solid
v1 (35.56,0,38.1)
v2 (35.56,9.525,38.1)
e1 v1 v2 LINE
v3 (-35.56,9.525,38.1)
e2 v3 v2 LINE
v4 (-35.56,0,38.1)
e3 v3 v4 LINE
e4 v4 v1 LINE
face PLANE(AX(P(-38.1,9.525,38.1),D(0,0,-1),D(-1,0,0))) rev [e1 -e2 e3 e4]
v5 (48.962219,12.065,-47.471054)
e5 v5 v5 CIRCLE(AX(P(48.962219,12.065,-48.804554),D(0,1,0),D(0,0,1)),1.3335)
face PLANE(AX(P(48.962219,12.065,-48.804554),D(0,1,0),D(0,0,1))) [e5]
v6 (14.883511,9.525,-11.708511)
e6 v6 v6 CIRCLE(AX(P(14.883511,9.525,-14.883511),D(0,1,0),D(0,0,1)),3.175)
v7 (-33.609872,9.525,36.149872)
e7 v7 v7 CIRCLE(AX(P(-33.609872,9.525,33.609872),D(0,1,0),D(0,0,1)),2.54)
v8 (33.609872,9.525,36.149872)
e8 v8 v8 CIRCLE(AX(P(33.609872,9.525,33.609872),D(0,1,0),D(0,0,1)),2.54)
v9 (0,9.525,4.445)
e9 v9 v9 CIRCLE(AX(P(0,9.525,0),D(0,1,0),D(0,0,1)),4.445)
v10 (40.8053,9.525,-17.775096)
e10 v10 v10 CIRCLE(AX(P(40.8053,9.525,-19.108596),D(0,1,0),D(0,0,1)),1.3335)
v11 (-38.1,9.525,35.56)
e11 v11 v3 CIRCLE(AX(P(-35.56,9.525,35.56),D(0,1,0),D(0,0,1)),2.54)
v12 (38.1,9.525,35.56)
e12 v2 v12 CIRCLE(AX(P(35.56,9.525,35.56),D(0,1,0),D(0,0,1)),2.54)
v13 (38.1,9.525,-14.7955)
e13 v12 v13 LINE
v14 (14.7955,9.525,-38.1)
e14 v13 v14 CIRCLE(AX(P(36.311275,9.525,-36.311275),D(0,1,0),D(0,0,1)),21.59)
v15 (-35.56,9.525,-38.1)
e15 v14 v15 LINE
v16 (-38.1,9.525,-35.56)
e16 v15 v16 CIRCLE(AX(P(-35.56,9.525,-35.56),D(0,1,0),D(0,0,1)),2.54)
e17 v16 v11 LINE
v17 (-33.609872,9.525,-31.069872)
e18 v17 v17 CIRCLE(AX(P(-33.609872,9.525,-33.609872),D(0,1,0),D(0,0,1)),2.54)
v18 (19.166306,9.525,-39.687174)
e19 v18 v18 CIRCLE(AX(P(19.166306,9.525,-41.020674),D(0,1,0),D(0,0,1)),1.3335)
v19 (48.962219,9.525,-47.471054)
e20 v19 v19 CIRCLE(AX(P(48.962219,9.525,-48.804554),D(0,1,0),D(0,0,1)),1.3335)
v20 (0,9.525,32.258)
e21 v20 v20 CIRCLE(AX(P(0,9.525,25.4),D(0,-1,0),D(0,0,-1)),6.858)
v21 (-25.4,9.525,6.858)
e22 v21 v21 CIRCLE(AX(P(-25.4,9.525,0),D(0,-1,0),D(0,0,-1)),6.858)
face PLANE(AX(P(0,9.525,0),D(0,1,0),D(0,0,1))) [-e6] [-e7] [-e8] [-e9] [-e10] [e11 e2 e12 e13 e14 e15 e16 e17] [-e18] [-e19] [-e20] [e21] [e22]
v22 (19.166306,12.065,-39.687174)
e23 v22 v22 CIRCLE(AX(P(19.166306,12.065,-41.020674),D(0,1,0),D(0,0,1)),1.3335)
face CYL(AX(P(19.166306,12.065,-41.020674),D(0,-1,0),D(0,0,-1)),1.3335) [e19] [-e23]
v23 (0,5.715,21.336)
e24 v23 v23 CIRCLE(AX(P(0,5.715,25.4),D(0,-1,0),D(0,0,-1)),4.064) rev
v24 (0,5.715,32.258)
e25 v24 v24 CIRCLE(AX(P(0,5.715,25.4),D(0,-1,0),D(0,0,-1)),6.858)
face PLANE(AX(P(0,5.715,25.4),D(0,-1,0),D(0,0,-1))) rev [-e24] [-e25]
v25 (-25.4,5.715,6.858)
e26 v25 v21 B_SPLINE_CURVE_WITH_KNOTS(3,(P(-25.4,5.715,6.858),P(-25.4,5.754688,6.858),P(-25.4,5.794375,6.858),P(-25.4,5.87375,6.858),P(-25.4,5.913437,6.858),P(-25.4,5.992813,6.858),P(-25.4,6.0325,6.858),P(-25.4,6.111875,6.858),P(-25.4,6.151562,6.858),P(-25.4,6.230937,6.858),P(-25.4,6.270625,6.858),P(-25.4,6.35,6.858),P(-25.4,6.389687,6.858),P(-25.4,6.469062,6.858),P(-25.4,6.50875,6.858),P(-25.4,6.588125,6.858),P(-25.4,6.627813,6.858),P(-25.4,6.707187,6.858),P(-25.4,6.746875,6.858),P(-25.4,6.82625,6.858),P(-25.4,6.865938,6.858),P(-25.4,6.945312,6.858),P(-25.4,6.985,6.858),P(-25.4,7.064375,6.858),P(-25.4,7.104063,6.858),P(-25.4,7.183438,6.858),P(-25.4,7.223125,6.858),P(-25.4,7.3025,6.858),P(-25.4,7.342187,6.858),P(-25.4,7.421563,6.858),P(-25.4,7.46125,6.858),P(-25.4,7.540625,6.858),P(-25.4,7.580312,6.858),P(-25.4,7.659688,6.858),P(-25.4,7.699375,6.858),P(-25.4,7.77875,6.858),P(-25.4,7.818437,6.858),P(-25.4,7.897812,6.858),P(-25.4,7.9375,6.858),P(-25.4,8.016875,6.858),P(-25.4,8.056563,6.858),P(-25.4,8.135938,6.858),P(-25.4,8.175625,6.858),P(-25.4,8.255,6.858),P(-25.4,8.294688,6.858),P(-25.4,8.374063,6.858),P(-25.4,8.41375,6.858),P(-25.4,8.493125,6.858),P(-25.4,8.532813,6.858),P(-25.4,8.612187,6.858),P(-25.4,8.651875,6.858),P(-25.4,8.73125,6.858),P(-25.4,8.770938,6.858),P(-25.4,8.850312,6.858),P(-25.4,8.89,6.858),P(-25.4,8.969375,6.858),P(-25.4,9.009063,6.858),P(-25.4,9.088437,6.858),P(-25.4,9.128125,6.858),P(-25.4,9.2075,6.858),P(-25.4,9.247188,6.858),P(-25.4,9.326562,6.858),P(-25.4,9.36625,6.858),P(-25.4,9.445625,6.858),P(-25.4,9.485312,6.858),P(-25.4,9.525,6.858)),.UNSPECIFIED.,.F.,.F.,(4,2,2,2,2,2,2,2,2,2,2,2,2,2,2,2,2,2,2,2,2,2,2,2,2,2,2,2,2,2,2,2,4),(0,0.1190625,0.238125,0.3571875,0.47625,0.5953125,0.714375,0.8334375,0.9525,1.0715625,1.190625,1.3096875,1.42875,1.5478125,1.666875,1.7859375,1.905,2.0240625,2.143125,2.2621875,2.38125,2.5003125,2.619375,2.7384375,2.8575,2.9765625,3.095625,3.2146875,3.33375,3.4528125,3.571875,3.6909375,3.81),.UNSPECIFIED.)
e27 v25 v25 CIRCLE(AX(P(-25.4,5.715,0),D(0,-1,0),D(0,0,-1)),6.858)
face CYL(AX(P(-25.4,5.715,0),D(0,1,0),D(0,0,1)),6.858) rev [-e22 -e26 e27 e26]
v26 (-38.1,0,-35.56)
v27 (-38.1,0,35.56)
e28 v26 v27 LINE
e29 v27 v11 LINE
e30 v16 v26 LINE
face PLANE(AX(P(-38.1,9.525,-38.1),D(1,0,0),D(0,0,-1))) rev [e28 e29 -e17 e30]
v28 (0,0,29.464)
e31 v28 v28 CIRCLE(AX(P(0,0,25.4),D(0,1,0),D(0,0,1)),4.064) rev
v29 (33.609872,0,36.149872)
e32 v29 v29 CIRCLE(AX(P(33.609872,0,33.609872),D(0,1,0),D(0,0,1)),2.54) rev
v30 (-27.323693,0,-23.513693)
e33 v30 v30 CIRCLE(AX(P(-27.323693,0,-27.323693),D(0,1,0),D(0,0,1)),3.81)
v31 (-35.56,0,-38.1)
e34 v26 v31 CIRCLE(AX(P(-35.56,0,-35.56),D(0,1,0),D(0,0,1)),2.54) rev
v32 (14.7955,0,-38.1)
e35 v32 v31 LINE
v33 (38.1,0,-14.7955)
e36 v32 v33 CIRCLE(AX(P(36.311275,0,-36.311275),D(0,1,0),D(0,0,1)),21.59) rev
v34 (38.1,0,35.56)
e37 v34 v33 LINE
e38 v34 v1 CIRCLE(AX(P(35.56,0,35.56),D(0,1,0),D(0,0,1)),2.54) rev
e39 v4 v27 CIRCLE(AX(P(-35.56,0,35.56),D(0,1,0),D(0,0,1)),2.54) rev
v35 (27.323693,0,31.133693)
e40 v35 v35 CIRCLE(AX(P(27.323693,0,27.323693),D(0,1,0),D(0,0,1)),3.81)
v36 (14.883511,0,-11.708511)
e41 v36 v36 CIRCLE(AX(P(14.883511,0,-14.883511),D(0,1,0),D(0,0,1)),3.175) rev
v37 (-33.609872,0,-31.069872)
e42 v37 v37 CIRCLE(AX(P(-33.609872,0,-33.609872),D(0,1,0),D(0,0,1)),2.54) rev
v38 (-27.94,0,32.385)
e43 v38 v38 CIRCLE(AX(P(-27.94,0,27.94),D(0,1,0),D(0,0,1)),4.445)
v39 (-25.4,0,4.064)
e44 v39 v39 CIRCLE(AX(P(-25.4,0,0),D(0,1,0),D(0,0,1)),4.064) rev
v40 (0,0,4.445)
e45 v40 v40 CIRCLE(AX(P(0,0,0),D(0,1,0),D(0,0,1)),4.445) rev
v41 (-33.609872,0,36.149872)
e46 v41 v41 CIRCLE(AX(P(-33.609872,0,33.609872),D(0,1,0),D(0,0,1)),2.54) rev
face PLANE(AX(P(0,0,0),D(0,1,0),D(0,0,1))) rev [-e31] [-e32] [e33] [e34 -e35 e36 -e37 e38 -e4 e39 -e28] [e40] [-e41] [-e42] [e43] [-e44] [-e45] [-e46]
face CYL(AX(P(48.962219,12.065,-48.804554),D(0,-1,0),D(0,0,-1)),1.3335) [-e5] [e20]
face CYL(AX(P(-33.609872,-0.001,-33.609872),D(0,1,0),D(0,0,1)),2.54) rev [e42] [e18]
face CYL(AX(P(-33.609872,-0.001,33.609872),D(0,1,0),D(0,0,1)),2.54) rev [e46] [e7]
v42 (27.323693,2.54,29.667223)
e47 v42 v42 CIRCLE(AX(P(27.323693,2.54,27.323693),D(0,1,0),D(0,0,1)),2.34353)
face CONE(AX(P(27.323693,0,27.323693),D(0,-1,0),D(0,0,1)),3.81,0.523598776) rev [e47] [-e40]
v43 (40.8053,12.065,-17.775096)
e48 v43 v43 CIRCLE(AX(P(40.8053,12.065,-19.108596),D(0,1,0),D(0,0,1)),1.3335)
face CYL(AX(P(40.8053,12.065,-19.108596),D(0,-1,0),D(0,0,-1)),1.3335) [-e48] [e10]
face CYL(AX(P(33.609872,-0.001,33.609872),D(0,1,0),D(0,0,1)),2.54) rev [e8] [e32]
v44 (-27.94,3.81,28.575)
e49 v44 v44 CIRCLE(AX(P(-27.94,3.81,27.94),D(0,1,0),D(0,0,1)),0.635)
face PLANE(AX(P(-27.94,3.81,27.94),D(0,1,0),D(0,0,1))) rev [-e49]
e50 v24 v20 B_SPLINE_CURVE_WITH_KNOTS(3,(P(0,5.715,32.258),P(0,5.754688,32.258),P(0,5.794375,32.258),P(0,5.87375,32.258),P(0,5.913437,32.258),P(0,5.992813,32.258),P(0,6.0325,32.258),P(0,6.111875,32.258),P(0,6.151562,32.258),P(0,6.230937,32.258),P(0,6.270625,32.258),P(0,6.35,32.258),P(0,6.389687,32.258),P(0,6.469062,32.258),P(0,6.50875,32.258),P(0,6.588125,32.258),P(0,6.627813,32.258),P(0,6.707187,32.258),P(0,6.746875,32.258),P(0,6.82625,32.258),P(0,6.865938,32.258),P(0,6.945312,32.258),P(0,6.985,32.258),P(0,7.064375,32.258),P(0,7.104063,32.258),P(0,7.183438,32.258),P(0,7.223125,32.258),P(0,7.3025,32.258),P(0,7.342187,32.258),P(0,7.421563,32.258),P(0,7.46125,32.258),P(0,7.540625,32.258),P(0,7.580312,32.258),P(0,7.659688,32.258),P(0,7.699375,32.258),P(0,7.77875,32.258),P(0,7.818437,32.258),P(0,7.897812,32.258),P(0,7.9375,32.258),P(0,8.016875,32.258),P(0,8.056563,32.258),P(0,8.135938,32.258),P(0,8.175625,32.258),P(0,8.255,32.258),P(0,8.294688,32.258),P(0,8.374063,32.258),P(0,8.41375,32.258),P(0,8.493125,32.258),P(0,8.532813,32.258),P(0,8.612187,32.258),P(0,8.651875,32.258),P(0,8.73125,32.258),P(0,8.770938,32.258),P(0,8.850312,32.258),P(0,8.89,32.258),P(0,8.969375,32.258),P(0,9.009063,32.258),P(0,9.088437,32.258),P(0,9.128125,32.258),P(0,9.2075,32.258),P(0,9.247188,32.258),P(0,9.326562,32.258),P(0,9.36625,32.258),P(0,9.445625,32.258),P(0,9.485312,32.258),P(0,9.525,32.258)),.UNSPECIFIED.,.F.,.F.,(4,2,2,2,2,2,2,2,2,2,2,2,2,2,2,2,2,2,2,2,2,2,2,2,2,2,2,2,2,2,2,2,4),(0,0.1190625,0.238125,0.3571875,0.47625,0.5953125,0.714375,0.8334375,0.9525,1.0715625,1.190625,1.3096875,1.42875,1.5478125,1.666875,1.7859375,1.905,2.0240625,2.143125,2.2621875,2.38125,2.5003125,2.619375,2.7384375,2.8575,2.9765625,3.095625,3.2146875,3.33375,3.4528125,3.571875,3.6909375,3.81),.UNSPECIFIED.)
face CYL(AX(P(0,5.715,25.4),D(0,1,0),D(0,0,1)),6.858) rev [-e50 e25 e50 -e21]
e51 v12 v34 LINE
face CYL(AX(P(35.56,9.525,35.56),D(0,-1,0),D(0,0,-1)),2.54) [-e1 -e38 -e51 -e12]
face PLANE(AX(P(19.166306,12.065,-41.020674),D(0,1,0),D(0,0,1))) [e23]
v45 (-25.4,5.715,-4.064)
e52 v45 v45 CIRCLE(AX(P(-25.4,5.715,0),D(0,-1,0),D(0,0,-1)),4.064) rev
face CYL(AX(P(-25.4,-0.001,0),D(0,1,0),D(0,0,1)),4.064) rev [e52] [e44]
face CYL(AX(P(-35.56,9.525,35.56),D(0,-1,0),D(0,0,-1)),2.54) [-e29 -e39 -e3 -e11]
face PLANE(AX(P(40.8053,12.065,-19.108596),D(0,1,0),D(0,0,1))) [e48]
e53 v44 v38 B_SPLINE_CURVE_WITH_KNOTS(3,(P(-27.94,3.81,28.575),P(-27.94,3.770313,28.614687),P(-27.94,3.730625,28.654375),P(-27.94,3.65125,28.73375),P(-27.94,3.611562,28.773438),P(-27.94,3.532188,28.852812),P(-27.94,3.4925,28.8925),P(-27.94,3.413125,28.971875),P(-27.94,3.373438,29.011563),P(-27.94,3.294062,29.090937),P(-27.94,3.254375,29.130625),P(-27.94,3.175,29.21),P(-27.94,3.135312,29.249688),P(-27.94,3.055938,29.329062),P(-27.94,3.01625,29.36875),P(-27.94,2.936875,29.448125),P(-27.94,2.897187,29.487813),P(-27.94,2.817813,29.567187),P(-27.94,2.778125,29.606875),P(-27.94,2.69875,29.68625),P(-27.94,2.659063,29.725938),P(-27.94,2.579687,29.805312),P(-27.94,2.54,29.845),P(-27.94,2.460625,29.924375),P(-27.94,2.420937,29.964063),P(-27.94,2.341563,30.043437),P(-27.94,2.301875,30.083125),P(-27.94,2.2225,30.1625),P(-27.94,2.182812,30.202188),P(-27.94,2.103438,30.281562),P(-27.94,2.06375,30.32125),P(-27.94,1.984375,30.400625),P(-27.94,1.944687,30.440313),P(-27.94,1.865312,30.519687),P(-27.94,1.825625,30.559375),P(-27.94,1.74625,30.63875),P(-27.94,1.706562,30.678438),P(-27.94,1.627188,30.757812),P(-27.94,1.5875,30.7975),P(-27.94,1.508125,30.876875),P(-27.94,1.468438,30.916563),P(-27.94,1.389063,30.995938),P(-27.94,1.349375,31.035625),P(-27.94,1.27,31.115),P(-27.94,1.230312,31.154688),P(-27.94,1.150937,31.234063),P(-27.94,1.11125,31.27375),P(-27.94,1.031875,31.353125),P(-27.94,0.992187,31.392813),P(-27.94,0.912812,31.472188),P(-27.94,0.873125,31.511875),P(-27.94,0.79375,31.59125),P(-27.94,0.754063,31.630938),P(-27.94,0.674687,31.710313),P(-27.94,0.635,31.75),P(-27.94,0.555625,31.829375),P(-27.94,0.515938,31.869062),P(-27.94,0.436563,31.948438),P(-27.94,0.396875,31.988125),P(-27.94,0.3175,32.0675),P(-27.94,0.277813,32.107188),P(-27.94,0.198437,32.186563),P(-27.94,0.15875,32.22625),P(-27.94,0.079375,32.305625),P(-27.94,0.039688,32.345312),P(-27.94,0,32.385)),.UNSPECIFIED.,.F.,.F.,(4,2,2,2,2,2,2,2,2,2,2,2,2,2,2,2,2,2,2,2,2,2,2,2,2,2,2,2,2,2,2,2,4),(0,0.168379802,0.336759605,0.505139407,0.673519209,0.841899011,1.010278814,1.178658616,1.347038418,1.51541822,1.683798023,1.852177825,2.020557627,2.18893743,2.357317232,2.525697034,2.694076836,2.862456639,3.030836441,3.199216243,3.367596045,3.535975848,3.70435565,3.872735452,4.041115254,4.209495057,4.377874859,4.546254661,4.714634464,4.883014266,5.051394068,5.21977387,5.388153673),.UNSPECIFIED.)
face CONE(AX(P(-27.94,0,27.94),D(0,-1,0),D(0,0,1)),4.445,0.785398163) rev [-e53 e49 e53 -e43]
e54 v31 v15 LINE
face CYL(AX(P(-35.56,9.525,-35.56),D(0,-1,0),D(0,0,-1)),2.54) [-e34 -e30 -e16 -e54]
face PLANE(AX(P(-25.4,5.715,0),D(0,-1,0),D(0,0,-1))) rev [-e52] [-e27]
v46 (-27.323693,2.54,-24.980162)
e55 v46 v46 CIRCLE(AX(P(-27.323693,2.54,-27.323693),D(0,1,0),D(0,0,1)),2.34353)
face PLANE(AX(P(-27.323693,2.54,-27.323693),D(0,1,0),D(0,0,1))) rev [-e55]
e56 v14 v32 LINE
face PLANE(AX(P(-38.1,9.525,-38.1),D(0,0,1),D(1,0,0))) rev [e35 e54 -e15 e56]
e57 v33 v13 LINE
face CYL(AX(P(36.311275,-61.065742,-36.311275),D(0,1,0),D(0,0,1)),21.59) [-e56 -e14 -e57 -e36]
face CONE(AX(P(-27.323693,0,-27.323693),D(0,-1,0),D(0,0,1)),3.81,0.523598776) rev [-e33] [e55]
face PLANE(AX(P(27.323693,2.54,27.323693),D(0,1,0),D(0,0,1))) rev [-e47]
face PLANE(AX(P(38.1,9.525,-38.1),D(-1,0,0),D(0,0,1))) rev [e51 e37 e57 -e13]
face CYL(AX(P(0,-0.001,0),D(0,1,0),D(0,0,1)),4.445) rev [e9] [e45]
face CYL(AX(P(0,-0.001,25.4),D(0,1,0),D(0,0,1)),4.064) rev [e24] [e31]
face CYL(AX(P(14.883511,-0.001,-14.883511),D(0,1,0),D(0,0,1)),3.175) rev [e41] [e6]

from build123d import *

# Parameters (mm, degrees)
SKETCH1_W                    = 76.2
SKETCH1_H                    = 76.2
BOSS_EXTRUDE1_DEPTH          = 9.525
SKETCH6_R                    = 3.81
CUT_EXTRUDE2_DEPTH           = 2.54
CUT_EXTRUDE2_DRAFT           = 30
CUT_EXTRUDE2_PROFILE_2_DEPTH = 2.54
CUT_EXTRUDE2_PROFILE_2_DRAFT = 30
CUT_EXTRUDE4_REACH           = 56.717
SKETCH12_R                   = 4.064
SKETCH13_R                   = 6.858
CUT_EXTRUDE7_DEPTH           = 3.81
SKETCH7_R                    = 4.445
CUT_EXTRUDE8_DEPTH           = 3.81
CUT_EXTRUDE8_TAPER           = 45
CUT_EXTRUDE9_REACH           = 56.717
SKETCH15_R                   = 4.445
FILLET1_R                    = 2.54
SKETCH17_R                   = 21.59
BOSS_EXTRUDE2_DEPTH          = 9.525
SKETCH18_R                   = 1.3335
BOSS_EXTRUDE3_DEPTH          = 2.54
CUT_EXTRUDE10_REACH          = 84.437
SKETCH20_R                   = 2.54
SKETCH20_R_2                 = 3.175


with BuildPart() as part:
    # Sketch1 → Boss-Extrude1 (new body)
    with BuildSketch(Plane(origin=(0, 0, 0), x_dir=(1, 0, 0), z_dir=(0, 1, 0))):
        Rectangle(SKETCH1_W, SKETCH1_H)
    extrude(amount=BOSS_EXTRUDE1_DEPTH)


with BuildPart() as cut_extrude2_tool:
    # Sketch6 → Cut-Extrude2 (with draft: the straight prism first)
    with BuildSketch(Plane(origin=(0, 0, 0), x_dir=(1, 0, 0), z_dir=(0, 1, 0))):
        with Locations((-27.323692655, 27.323692655)):
            Circle(SKETCH6_R)
    extrude(amount=CUT_EXTRUDE2_DEPTH)
    # Cut-Extrude2: the draft: its side faces are tilted about the plane it starts from
    cut_extrude2_sides = [cut_extrude2_tool.faces().sort_by_distance(p)[0] for p in [
        (-31.133692655, 1.27, -27.323692655),
    ]]
    draft(cut_extrude2_sides, Plane(origin=(0, 0, 0), x_dir=(1, 0, 0), z_dir=(0, 1, 0)), CUT_EXTRUDE2_DRAFT)


with BuildPart() as part_1:
    add(part.part)

    # Cut-Extrude2: cut by cut_extrude2_tool
    add(cut_extrude2_tool.part, mode=Mode.SUBTRACT)


with BuildPart() as cut_extrude2_profile_2_tool:
    # Sketch6 → Cut-Extrude2 profile 2 (with draft: the straight prism first)
    with BuildSketch(Plane(origin=(0, 0, 0), x_dir=(1, 0, 0), z_dir=(0, 1, 0))):
        with Locations((27.323692655, -27.323692655)):
            Circle(SKETCH6_R)
    extrude(amount=CUT_EXTRUDE2_PROFILE_2_DEPTH)
    # Cut-Extrude2 profile 2: the draft: its side faces are tilted about the plane it starts from
    cut_extrude2_profile_2_sides = [cut_extrude2_profile_2_tool.faces().sort_by_distance(p)[0] for p in [
        (23.513692655, 1.27, 27.323692655),
    ]]
    draft(cut_extrude2_profile_2_sides, Plane(origin=(0, 0, 0), x_dir=(1, 0, 0), z_dir=(0, 1, 0)), CUT_EXTRUDE2_PROFILE_2_DRAFT)


with BuildPart() as part_2:
    add(part_1.part)

    # Cut-Extrude2 profile 2: cut by cut_extrude2_profile_2_tool
    add(cut_extrude2_profile_2_tool.part, mode=Mode.SUBTRACT)

    # Sketch12 → Cut-Extrude4 (cut, up to next)
    with BuildSketch(Plane(origin=(0, 9.525, 0), x_dir=(1, 0, 0), z_dir=(0, 1, 0)), mode=Mode.PRIVATE) as cut_extrude4_sk1:
        with Locations(Location((-25.4, 0, 0), (0, 0, 270))):
            Circle(SKETCH12_R)
    cut_extrude4_tool1 = extrude(cut_extrude4_sk1.sketch, amount=-CUT_EXTRUDE4_REACH, mode=Mode.PRIVATE) & part_2.part
    # Sketch12 → Cut-Extrude4 (cut, up to next)
    with BuildSketch(Plane(origin=(0, 9.525, 0), x_dir=(1, 0, 0), z_dir=(0, 1, 0)), mode=Mode.PRIVATE) as cut_extrude4_sk2:
        with Locations(Location((0, -25.4, 0), (0, 0, 270))):
            Circle(SKETCH12_R)
    cut_extrude4_tool2 = extrude(cut_extrude4_sk2.sketch, amount=-CUT_EXTRUDE4_REACH, mode=Mode.PRIVATE) & part_2.part
    add(cut_extrude4_tool1.solids().sort_by_distance((-25.4, 9.525, 0))[0], mode=Mode.SUBTRACT)
    add(cut_extrude4_tool2.solids().sort_by_distance((0, 9.525, 25.4))[0], mode=Mode.SUBTRACT)

    # Sketch13 → Cut-Extrude7 (cut)
    with BuildSketch(Plane.XZ.offset(-9.525)):
        with Locations(Location((-25.4, 0, 0), (0, 0, 90))):
            Circle(SKETCH13_R)
        with Locations(Location((0, 25.4, 0), (0, 0, 90))):
            Circle(SKETCH13_R)
    extrude(amount=CUT_EXTRUDE7_DEPTH, mode=Mode.SUBTRACT)

    # Sketch7 → Cut-Extrude8 (cut)
    with BuildSketch(Plane(origin=(0, 0, 0), x_dir=(1, 0, 0), z_dir=(0, 1, 0))):
        with Locations((-27.94, -27.94)):
            Circle(SKETCH7_R)
    extrude(amount=CUT_EXTRUDE8_DEPTH, taper=CUT_EXTRUDE8_TAPER, mode=Mode.SUBTRACT)

    # Sketch15 → Cut-Extrude9 (cut, up to next)
    with BuildSketch(Plane(origin=(0, 9.525, 0), x_dir=(1, 0, 0), z_dir=(0, 1, 0)), mode=Mode.PRIVATE) as cut_extrude9_sk1:
        with Locations(Location((0, 0, 0), (0, 0, 270))):
            Circle(SKETCH15_R)
    cut_extrude9_tool1 = extrude(cut_extrude9_sk1.sketch, amount=-CUT_EXTRUDE9_REACH, mode=Mode.PRIVATE) & part_2.part
    add(cut_extrude9_tool1.solids().sort_by_distance((0, 9.525, 0))[0], mode=Mode.SUBTRACT)

    # Fillet1
    fillet1_edges = [part_2.edges().sort_by_distance(p)[0] for p in [
        (38.1, 4.7625, 38.1),
        (-38.1, 4.7625, 38.1),
        (-38.1, 4.7625, -38.1),
        (38.1, 4.7625, -38.1),
    ]]
    fillet(fillet1_edges, radius=FILLET1_R)

    # Sketch17 → Boss-Extrude2 (add)
    with BuildSketch(Plane(origin=(0, 9.525, 0), x_dir=(1, 0, 0), z_dir=(0, 1, 0))):
        with Locations((36.311274722, 36.311274722)):
            Circle(SKETCH17_R)
    extrude(amount=-BOSS_EXTRUDE2_DEPTH)

    # Sketch18 → Boss-Extrude3 (add)
    with BuildSketch(Plane(origin=(0, 9.525, 0), x_dir=(1, 0, 0), z_dir=(0, 1, 0))):
        with Locations(Location((19.166305808, 41.020673934, 0), (0, 0, 270))):
            Circle(SKETCH18_R)
        with Locations(Location((48.962218533, 48.804553742, 0), (0, 0, 270))):
            Circle(SKETCH18_R)
        with Locations(Location((40.805299824, 19.108596489, 0), (0, 0, 270))):
            Circle(SKETCH18_R)
    extrude(amount=BOSS_EXTRUDE3_DEPTH)

    # Sketch20 → Cut-Extrude10 (cut, up to next)
    with BuildSketch(Plane(origin=(0, 9.525, 0), x_dir=(1, 0, 0), z_dir=(0, 1, 0)), mode=Mode.PRIVATE) as cut_extrude10_sk1:
        with Locations(Location((-33.609871939, -33.609871939, 0), (0, 0, 270))):
            Circle(SKETCH20_R)
    cut_extrude10_tool1 = extrude(cut_extrude10_sk1.sketch, amount=-CUT_EXTRUDE10_REACH, mode=Mode.PRIVATE) & part_2.part
    # Sketch20 → Cut-Extrude10 (cut, up to next)
    with BuildSketch(Plane(origin=(0, 9.525, 0), x_dir=(1, 0, 0), z_dir=(0, 1, 0)), mode=Mode.PRIVATE) as cut_extrude10_sk2:
        with Locations(Location((33.609871939, -33.609871939, 0), (0, 0, 270))):
            Circle(SKETCH20_R)
    cut_extrude10_tool2 = extrude(cut_extrude10_sk2.sketch, amount=-CUT_EXTRUDE10_REACH, mode=Mode.PRIVATE) & part_2.part
    # Sketch20 → Cut-Extrude10 (cut, up to next)
    with BuildSketch(Plane(origin=(0, 9.525, 0), x_dir=(1, 0, 0), z_dir=(0, 1, 0)), mode=Mode.PRIVATE) as cut_extrude10_sk3:
        with Locations(Location((-33.609871939, 33.609871939, 0), (0, 0, 270))):
            Circle(SKETCH20_R)
    cut_extrude10_tool3 = extrude(cut_extrude10_sk3.sketch, amount=-CUT_EXTRUDE10_REACH, mode=Mode.PRIVATE) & part_2.part
    # Sketch20 → Cut-Extrude10 (cut, up to next)
    with BuildSketch(Plane(origin=(0, 9.525, 0), x_dir=(1, 0, 0), z_dir=(0, 1, 0)), mode=Mode.PRIVATE) as cut_extrude10_sk4:
        with Locations(Location((14.883511114, 14.883511114, 0), (0, 0, 270))):
            Circle(SKETCH20_R_2)
    cut_extrude10_tool4 = extrude(cut_extrude10_sk4.sketch, amount=-CUT_EXTRUDE10_REACH, mode=Mode.PRIVATE) & part_2.part
    add(cut_extrude10_tool1.solids().sort_by_distance((-33.609872, 9.525, 33.609872))[0], mode=Mode.SUBTRACT)
    add(cut_extrude10_tool2.solids().sort_by_distance((33.609872, 9.525, 33.609872))[0], mode=Mode.SUBTRACT)
    add(cut_extrude10_tool3.solids().sort_by_distance((-33.609872, 9.525, -33.609872))[0], mode=Mode.SUBTRACT)
    add(cut_extrude10_tool4.solids().sort_by_distance((14.883511, 9.525, -14.883511))[0], mode=Mode.SUBTRACT)


solid = part_2.part
